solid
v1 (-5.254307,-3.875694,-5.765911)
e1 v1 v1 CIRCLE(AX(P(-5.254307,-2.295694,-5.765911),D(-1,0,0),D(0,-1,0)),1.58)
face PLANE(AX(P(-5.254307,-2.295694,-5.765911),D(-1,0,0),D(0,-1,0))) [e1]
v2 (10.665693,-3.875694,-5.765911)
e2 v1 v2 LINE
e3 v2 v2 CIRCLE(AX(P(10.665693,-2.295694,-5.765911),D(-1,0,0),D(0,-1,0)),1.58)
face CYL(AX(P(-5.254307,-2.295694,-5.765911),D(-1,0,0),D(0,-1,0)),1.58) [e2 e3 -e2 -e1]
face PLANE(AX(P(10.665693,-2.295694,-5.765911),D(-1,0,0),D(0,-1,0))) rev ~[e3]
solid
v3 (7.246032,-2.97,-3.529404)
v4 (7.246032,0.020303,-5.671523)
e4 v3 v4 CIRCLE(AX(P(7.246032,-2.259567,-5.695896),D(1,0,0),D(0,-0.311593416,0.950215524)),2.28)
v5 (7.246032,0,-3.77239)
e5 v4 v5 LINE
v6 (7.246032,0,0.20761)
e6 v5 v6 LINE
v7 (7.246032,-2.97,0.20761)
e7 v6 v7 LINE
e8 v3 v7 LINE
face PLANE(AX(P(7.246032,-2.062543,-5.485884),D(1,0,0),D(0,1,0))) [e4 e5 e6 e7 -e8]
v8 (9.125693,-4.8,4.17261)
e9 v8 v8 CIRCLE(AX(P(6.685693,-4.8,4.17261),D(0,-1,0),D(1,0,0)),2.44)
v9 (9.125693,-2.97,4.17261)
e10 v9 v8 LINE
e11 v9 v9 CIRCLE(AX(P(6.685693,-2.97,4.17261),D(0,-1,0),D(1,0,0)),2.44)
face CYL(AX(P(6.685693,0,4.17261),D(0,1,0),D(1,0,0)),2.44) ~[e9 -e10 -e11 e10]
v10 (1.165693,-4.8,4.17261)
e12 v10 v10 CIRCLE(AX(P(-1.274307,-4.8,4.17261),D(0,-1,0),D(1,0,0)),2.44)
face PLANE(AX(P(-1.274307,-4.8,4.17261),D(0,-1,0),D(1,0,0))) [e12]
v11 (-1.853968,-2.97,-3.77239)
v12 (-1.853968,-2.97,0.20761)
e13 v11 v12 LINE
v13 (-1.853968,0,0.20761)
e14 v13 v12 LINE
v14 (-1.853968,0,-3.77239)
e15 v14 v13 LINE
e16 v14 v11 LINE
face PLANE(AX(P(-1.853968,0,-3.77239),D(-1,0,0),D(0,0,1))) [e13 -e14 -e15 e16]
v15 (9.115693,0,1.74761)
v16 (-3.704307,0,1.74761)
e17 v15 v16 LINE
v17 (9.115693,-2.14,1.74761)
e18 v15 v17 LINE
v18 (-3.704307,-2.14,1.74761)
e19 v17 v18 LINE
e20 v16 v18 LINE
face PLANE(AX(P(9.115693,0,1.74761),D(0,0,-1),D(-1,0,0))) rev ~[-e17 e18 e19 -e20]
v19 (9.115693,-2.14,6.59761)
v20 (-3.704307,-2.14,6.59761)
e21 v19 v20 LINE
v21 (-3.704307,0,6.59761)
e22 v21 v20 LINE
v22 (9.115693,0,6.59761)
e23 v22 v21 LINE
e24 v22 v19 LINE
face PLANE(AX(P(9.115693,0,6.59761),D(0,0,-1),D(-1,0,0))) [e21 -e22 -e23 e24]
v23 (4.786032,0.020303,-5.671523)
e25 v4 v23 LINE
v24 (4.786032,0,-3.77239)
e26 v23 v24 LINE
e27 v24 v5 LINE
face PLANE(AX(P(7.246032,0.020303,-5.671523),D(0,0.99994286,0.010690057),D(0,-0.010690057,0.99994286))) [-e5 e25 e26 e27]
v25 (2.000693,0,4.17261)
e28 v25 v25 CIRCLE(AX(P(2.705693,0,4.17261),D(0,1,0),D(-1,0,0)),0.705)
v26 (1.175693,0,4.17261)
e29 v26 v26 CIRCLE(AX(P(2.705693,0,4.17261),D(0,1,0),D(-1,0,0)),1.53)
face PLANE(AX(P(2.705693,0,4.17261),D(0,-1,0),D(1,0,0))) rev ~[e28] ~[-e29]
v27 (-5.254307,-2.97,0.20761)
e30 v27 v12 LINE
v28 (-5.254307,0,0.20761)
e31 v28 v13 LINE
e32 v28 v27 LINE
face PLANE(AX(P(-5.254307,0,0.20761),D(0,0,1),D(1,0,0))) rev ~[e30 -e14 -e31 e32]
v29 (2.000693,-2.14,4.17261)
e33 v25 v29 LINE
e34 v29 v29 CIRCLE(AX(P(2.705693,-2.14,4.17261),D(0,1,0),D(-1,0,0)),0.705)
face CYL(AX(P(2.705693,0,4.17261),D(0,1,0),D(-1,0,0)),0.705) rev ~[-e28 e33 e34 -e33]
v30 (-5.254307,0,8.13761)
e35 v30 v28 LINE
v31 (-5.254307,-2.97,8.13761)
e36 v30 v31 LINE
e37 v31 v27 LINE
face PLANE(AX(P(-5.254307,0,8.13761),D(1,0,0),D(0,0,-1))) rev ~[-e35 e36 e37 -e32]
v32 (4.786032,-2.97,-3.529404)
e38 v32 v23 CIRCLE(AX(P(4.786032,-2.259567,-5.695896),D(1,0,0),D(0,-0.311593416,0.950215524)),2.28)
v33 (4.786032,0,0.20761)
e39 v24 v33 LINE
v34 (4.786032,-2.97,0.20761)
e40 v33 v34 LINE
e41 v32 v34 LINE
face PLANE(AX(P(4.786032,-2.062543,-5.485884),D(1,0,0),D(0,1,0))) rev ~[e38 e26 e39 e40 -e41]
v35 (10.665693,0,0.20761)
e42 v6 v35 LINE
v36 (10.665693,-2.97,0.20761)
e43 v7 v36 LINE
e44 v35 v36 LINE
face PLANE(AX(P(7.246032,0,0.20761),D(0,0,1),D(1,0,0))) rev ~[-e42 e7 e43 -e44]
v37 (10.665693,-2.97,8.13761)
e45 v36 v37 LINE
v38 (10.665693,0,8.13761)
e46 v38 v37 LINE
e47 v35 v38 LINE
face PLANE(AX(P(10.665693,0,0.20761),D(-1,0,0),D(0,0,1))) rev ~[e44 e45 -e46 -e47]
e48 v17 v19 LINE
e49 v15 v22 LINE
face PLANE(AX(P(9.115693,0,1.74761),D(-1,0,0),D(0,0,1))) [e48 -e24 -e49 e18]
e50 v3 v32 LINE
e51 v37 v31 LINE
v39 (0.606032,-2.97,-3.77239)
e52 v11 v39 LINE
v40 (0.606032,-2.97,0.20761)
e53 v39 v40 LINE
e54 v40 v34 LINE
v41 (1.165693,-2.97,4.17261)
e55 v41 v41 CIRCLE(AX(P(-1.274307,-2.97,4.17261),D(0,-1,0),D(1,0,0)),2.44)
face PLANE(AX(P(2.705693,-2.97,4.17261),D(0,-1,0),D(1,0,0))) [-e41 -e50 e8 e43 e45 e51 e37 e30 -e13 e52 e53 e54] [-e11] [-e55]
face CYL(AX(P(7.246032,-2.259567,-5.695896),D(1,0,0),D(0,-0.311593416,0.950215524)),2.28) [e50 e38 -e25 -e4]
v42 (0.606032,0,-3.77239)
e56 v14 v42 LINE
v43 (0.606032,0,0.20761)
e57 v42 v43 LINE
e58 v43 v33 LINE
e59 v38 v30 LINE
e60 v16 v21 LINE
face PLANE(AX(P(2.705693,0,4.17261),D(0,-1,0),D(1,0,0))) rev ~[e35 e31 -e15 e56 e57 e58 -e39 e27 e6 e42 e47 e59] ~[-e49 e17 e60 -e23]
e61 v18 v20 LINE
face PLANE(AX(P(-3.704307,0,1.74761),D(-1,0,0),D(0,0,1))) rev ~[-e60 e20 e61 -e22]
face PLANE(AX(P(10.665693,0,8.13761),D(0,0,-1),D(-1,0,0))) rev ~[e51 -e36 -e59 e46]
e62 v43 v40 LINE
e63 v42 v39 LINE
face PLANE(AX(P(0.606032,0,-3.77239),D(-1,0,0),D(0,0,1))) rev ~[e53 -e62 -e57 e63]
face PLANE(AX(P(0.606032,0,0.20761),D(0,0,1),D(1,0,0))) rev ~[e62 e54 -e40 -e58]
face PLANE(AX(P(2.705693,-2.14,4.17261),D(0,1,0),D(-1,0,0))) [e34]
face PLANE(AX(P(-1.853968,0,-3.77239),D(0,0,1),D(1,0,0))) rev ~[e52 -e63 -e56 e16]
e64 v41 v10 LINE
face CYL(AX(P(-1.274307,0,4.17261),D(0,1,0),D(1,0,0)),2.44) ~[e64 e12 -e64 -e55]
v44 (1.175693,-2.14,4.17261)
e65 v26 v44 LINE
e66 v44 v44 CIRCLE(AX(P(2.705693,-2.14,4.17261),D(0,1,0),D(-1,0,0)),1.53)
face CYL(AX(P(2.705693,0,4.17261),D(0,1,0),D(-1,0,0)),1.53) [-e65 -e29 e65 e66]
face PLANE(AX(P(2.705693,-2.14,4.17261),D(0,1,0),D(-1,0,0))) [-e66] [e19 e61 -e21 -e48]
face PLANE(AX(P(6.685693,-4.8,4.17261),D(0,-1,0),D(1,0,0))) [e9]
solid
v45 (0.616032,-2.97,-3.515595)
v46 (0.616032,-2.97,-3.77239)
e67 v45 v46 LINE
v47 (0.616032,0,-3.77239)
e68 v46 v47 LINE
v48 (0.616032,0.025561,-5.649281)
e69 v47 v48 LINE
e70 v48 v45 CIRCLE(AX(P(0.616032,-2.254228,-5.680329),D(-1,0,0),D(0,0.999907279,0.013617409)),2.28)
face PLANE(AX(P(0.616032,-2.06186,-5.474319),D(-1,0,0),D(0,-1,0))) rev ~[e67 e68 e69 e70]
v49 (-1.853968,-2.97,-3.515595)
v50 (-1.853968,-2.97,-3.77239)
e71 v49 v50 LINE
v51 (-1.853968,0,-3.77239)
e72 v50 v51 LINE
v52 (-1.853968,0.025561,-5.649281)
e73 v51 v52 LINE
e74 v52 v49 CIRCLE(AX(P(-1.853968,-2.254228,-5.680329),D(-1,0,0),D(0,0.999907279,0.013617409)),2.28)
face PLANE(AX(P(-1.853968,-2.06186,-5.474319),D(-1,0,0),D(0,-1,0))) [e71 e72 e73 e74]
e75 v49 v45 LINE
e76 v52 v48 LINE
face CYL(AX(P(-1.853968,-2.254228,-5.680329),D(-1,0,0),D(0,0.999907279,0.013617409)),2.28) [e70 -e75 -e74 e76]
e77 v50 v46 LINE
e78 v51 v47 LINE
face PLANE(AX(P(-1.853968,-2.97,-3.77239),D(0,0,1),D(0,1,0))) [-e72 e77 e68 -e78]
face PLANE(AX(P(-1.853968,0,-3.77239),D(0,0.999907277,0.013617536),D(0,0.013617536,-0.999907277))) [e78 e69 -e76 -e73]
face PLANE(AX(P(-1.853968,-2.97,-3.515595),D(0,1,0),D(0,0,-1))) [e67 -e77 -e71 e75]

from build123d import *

# Parameters (mm, degrees)
F0_R      = 2.44
F0_W      = 2.46
F0_H      = 3.98
F1_DEPTH  = 2.97
F2_DEPTH  = 4.8
F4_DEPTH  = 2.47
F6_DEPTH  = 2.46
F7_R      = 1.58
F8_DEPTH  = 15.92
F9_W      = 12.82
F9_H      = 4.85
F9_R      = 1.53
F9_R_2    = 0.705
F10_DEPTH = 2.14


with BuildPart() as f1:
    # F0 (on Front) → F1 (new body)
    with BuildSketch(Plane.XZ):
        Polygon((10.665693, 8.13761), (-5.254307, 8.13761), (-5.254307, 0.20761), (-1.853968, 0.20761), (0.606032, 0.20761), (4.786032, 0.20761), (7.246032, 0.20761), (10.665693, 0.20761), align=None)
        with Locations((-1.274307, 4.17261)):
            Circle(F0_R, mode=Mode.SUBTRACT)
        with Locations((6.685693, 4.17261)):
            Circle(F0_R, mode=Mode.SUBTRACT)
        with Locations((-0.623968, -1.78239)):
            Rectangle(F0_W, F0_H)
        with Locations((6.016032, -1.78239)):
            Rectangle(F0_W, F0_H)
    extrude(amount=F1_DEPTH)

    # F0 (on Front) → F2 (join)
    with BuildSketch(Plane.XZ):
        with Locations((-1.274307, 4.17261)):
            Circle(F0_R)
        with Locations((6.685693, 4.17261)):
            Circle(F0_R)
    extrude(amount=F2_DEPTH)

    # F5 (on face) → F6 (join)
    with BuildSketch(Plane.YZ.offset(7.246032)):
        with BuildLine():
            Line((-2.97, -3.77239), (-2.97, -3.529404))
            ThreePointArc((-2.97, -3.529404), (-3.587329, -7.549392), (0.020303, -5.671523))
            Line((0.020303, -5.671523), (0, -3.77239))
            Line((0, -3.77239), (-2.97, -3.77239))
        make_face()
    extrude(amount=-F6_DEPTH)

    # F9 (on face) → F10 (cut)
    with BuildSketch(Plane(origin=(0, 0, 0), x_dir=(-1, 0, 0), z_dir=(0, 1, 0))):
        with Locations((-2.705693, 4.17261)):
            Rectangle(F9_W, F9_H)
        with Locations((-2.705693, 4.17261)):
            Circle(F9_R, mode=Mode.SUBTRACT)
        with Locations((-2.705693, 4.17261)):
            Circle(F9_R_2)
    extrude(amount=-F10_DEPTH, mode=Mode.SUBTRACT)


with BuildPart() as f4:
    # F3 (on face) → F4 (new body)
    with BuildSketch(Plane(origin=(-1.853968, 0, 0), x_dir=(0, -1, 0), z_dir=(-1, 0, 0))):
        with BuildLine():
            Line((0, -3.77239), (-0.025561, -5.649281))
            ThreePointArc((-0.025561, -5.649281), (3.576987, -7.537399), (2.97, -3.515595))
            Line((2.97, -3.515595), (2.97, -3.77239))
            Line((2.97, -3.77239), (0, -3.77239))
        make_face()
    extrude(amount=-F4_DEPTH)


with BuildPart() as f8:
    # F7 (on face) → F8 (new body)
    with BuildSketch(Plane(origin=(-5.254307, 0, 0), x_dir=(0, -1, 0), z_dir=(-1, 0, 0))):
        with Locations((2.295694, -5.765911)):
            Circle(F7_R)
    extrude(amount=-F8_DEPTH)


solid = Compound([f1.part, f4.part, f8.part])
